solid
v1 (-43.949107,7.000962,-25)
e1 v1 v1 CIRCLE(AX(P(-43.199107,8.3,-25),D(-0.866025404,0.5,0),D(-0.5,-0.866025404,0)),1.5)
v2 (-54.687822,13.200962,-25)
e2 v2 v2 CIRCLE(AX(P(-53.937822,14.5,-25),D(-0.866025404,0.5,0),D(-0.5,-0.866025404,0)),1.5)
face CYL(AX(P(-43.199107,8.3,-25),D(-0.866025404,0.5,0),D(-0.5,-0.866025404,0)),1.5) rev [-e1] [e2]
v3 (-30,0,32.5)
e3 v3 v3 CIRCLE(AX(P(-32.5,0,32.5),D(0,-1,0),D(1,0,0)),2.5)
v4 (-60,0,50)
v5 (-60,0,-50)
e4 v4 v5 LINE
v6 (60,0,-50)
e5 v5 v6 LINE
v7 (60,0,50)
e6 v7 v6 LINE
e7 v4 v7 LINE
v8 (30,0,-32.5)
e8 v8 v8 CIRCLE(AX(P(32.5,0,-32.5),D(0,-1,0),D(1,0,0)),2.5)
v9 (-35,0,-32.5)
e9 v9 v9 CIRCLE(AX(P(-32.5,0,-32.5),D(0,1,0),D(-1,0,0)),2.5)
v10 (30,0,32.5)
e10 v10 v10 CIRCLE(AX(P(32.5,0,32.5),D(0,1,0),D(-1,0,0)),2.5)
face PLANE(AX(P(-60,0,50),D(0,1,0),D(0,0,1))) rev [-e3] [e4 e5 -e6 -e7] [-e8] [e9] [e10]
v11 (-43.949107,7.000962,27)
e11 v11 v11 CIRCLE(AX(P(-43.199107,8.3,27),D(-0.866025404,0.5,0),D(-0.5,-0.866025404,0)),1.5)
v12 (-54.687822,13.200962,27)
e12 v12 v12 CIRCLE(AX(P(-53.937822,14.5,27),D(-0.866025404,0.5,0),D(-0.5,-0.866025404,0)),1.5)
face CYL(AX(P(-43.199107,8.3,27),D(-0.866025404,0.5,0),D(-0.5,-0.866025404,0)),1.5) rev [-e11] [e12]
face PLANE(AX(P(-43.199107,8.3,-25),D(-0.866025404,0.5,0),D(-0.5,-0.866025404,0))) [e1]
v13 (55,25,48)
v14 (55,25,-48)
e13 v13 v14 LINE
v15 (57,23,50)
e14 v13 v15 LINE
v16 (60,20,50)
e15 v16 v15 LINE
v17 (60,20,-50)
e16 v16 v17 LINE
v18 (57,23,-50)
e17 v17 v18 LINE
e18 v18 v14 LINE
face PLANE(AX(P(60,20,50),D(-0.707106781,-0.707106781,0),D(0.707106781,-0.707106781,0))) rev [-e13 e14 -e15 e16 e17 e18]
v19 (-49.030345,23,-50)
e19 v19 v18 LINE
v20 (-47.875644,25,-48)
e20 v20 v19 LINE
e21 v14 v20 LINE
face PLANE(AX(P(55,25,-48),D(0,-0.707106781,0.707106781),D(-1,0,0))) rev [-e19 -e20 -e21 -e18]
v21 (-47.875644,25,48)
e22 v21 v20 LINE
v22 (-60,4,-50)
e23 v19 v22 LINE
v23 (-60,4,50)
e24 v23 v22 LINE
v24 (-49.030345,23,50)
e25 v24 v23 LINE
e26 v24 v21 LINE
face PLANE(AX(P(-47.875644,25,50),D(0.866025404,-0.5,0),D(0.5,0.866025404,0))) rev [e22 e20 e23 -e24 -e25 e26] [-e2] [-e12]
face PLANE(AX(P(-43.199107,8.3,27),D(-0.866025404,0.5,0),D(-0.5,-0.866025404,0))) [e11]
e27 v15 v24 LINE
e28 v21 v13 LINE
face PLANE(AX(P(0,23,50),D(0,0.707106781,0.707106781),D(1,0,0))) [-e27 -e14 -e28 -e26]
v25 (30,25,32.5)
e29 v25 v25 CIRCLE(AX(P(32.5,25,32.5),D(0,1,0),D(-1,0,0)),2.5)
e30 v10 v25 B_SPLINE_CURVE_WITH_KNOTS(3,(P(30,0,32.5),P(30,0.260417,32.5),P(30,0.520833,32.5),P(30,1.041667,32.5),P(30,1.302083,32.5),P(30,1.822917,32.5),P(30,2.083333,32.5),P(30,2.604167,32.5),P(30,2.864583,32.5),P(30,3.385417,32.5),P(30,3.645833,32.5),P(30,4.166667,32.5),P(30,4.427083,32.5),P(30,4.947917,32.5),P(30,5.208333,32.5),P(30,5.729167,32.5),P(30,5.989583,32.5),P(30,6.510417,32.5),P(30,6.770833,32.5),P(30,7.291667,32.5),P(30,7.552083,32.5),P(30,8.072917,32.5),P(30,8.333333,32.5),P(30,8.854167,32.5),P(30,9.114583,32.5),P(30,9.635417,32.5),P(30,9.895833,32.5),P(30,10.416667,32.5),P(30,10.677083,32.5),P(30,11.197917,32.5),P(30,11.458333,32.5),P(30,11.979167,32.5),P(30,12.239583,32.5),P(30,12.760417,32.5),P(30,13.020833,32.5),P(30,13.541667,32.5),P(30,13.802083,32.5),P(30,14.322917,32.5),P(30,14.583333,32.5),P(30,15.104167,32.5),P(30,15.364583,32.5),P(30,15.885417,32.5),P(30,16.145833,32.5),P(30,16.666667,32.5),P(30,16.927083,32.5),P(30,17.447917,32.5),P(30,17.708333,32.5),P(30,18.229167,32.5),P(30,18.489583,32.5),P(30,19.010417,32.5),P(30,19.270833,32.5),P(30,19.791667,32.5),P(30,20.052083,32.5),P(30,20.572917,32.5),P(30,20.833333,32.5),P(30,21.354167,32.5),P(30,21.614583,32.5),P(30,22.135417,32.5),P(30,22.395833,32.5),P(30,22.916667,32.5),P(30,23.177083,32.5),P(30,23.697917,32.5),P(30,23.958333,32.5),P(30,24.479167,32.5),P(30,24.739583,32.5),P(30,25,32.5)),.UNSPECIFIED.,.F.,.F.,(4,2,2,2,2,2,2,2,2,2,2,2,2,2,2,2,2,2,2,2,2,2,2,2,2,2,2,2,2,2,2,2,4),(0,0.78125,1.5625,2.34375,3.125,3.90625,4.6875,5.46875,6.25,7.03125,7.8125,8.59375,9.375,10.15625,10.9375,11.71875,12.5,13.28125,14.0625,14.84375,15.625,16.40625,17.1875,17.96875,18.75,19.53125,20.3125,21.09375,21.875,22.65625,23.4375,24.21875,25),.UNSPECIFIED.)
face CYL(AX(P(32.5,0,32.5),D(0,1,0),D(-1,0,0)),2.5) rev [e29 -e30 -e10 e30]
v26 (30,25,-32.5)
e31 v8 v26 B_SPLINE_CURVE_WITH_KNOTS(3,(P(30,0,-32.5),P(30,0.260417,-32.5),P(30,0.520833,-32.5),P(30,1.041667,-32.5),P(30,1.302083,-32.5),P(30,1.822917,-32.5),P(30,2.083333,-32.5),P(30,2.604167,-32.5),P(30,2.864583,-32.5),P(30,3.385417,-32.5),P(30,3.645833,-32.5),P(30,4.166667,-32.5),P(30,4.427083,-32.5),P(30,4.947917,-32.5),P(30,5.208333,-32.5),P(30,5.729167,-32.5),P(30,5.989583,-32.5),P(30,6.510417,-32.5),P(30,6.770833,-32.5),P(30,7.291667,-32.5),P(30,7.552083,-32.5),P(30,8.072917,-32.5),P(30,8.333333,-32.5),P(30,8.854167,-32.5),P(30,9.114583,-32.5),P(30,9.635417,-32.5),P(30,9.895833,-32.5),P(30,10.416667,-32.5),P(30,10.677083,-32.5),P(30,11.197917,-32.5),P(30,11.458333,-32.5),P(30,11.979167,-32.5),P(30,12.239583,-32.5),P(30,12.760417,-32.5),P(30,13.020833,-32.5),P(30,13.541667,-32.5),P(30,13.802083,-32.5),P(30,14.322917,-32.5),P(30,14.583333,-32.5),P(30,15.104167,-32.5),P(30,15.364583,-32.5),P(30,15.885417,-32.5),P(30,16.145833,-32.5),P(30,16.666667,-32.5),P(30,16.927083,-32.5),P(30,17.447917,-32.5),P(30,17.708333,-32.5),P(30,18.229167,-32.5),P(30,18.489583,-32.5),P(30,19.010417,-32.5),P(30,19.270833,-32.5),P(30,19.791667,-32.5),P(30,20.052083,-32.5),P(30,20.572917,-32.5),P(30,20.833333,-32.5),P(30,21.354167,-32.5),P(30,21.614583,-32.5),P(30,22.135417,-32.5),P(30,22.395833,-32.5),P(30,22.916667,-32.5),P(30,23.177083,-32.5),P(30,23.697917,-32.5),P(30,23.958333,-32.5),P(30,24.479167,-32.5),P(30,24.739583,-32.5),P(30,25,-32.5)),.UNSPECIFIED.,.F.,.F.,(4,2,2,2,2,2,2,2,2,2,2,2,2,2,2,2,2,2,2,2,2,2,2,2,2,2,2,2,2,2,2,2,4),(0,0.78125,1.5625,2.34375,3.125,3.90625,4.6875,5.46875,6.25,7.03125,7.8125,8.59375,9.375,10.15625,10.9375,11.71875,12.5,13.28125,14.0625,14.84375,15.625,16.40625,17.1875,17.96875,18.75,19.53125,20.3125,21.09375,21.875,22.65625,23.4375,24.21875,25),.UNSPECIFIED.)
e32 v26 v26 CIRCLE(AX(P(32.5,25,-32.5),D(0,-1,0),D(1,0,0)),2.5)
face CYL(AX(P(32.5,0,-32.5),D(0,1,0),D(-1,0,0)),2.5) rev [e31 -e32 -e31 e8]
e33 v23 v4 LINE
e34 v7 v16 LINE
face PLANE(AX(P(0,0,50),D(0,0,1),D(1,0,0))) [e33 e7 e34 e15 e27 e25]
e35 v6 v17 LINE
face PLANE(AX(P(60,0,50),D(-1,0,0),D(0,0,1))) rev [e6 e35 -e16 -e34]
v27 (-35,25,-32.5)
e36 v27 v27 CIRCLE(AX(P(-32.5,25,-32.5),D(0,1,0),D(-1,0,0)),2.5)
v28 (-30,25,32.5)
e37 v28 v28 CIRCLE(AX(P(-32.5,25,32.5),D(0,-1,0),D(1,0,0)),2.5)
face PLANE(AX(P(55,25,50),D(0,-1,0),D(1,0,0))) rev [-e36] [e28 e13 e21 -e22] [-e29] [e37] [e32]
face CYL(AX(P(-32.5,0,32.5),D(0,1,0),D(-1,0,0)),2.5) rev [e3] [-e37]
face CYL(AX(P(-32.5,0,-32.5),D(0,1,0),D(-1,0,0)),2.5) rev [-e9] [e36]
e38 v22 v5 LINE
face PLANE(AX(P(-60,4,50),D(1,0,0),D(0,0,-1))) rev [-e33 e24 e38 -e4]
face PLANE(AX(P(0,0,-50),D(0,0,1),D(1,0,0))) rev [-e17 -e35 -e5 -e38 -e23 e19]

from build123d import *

# Parameters (mm, degrees)
BOSS_EXTRUDE1_DEPTH = 50
SKETCH2_R           = 2.5
CUT_EXTRUDE1_DEPTH  = 83.006097334
SKETCH3_R           = 1.5
CUT_EXTRUDE2_DEPTH  = 12.4
CHAMFER1_SIZE       = 2


with BuildPart() as part:
    # Sketch1 → Boss-Extrude1 (new, symmetric)
    with BuildSketch(Plane.XY):
        Polygon((-60, 0), (60, 0), (60, 20), (55, 25), (-47.875644347, 25), (-60, 4), align=None)
    extrude(amount=BOSS_EXTRUDE1_DEPTH, both=True)

    # Sketch2 → Cut-Extrude1 (cut, through all)
    with BuildSketch(Plane(origin=(0, 25, 0), x_dir=(1, 0, 0), z_dir=(0, 1, 0))):
        with Locations(Location((-32.5, 32.5, 0), (0, 0, 180))):
            Circle(SKETCH2_R)
        with Locations((-32.5, -32.5)):
            Circle(SKETCH2_R)
    cut_extrude1 = extrude(amount=-CUT_EXTRUDE1_DEPTH, mode=Mode.SUBTRACT)

    # Mirror1: Cut-Extrude1 across plane
    add(cut_extrude1.mirror(Plane(origin=(0, 0, 0), x_dir=(0, 0, 1), z_dir=(1, 0, 0))), mode=Mode.SUBTRACT)

    # Sketch3 → Cut-Extrude2 (cut)
    with BuildSketch(Plane(origin=(-46.732050808, 26.980762114, 0), x_dir=(0, 0, 1), z_dir=(-0.8660254037844384, 0.5000000000000007, 0))):
        with Locations(Location((-25, -14.411542732, 0), (0, 0, 270))):
            Circle(SKETCH3_R)
        with Locations(Location((27, -14.411542732, 0), (0, 0, 270))):
            Circle(SKETCH3_R)
    extrude(amount=-CUT_EXTRUDE2_DEPTH, mode=Mode.SUBTRACT)

    # Chamfer1
    chamfer1_edges = [part.edges().sort_by_distance(p)[0] for p in [
        (3.562177826, 25, 50),
        (3.562177826, 25, -50),
    ]]
    chamfer(chamfer1_edges, length=CHAMFER1_SIZE)


solid = part.part
